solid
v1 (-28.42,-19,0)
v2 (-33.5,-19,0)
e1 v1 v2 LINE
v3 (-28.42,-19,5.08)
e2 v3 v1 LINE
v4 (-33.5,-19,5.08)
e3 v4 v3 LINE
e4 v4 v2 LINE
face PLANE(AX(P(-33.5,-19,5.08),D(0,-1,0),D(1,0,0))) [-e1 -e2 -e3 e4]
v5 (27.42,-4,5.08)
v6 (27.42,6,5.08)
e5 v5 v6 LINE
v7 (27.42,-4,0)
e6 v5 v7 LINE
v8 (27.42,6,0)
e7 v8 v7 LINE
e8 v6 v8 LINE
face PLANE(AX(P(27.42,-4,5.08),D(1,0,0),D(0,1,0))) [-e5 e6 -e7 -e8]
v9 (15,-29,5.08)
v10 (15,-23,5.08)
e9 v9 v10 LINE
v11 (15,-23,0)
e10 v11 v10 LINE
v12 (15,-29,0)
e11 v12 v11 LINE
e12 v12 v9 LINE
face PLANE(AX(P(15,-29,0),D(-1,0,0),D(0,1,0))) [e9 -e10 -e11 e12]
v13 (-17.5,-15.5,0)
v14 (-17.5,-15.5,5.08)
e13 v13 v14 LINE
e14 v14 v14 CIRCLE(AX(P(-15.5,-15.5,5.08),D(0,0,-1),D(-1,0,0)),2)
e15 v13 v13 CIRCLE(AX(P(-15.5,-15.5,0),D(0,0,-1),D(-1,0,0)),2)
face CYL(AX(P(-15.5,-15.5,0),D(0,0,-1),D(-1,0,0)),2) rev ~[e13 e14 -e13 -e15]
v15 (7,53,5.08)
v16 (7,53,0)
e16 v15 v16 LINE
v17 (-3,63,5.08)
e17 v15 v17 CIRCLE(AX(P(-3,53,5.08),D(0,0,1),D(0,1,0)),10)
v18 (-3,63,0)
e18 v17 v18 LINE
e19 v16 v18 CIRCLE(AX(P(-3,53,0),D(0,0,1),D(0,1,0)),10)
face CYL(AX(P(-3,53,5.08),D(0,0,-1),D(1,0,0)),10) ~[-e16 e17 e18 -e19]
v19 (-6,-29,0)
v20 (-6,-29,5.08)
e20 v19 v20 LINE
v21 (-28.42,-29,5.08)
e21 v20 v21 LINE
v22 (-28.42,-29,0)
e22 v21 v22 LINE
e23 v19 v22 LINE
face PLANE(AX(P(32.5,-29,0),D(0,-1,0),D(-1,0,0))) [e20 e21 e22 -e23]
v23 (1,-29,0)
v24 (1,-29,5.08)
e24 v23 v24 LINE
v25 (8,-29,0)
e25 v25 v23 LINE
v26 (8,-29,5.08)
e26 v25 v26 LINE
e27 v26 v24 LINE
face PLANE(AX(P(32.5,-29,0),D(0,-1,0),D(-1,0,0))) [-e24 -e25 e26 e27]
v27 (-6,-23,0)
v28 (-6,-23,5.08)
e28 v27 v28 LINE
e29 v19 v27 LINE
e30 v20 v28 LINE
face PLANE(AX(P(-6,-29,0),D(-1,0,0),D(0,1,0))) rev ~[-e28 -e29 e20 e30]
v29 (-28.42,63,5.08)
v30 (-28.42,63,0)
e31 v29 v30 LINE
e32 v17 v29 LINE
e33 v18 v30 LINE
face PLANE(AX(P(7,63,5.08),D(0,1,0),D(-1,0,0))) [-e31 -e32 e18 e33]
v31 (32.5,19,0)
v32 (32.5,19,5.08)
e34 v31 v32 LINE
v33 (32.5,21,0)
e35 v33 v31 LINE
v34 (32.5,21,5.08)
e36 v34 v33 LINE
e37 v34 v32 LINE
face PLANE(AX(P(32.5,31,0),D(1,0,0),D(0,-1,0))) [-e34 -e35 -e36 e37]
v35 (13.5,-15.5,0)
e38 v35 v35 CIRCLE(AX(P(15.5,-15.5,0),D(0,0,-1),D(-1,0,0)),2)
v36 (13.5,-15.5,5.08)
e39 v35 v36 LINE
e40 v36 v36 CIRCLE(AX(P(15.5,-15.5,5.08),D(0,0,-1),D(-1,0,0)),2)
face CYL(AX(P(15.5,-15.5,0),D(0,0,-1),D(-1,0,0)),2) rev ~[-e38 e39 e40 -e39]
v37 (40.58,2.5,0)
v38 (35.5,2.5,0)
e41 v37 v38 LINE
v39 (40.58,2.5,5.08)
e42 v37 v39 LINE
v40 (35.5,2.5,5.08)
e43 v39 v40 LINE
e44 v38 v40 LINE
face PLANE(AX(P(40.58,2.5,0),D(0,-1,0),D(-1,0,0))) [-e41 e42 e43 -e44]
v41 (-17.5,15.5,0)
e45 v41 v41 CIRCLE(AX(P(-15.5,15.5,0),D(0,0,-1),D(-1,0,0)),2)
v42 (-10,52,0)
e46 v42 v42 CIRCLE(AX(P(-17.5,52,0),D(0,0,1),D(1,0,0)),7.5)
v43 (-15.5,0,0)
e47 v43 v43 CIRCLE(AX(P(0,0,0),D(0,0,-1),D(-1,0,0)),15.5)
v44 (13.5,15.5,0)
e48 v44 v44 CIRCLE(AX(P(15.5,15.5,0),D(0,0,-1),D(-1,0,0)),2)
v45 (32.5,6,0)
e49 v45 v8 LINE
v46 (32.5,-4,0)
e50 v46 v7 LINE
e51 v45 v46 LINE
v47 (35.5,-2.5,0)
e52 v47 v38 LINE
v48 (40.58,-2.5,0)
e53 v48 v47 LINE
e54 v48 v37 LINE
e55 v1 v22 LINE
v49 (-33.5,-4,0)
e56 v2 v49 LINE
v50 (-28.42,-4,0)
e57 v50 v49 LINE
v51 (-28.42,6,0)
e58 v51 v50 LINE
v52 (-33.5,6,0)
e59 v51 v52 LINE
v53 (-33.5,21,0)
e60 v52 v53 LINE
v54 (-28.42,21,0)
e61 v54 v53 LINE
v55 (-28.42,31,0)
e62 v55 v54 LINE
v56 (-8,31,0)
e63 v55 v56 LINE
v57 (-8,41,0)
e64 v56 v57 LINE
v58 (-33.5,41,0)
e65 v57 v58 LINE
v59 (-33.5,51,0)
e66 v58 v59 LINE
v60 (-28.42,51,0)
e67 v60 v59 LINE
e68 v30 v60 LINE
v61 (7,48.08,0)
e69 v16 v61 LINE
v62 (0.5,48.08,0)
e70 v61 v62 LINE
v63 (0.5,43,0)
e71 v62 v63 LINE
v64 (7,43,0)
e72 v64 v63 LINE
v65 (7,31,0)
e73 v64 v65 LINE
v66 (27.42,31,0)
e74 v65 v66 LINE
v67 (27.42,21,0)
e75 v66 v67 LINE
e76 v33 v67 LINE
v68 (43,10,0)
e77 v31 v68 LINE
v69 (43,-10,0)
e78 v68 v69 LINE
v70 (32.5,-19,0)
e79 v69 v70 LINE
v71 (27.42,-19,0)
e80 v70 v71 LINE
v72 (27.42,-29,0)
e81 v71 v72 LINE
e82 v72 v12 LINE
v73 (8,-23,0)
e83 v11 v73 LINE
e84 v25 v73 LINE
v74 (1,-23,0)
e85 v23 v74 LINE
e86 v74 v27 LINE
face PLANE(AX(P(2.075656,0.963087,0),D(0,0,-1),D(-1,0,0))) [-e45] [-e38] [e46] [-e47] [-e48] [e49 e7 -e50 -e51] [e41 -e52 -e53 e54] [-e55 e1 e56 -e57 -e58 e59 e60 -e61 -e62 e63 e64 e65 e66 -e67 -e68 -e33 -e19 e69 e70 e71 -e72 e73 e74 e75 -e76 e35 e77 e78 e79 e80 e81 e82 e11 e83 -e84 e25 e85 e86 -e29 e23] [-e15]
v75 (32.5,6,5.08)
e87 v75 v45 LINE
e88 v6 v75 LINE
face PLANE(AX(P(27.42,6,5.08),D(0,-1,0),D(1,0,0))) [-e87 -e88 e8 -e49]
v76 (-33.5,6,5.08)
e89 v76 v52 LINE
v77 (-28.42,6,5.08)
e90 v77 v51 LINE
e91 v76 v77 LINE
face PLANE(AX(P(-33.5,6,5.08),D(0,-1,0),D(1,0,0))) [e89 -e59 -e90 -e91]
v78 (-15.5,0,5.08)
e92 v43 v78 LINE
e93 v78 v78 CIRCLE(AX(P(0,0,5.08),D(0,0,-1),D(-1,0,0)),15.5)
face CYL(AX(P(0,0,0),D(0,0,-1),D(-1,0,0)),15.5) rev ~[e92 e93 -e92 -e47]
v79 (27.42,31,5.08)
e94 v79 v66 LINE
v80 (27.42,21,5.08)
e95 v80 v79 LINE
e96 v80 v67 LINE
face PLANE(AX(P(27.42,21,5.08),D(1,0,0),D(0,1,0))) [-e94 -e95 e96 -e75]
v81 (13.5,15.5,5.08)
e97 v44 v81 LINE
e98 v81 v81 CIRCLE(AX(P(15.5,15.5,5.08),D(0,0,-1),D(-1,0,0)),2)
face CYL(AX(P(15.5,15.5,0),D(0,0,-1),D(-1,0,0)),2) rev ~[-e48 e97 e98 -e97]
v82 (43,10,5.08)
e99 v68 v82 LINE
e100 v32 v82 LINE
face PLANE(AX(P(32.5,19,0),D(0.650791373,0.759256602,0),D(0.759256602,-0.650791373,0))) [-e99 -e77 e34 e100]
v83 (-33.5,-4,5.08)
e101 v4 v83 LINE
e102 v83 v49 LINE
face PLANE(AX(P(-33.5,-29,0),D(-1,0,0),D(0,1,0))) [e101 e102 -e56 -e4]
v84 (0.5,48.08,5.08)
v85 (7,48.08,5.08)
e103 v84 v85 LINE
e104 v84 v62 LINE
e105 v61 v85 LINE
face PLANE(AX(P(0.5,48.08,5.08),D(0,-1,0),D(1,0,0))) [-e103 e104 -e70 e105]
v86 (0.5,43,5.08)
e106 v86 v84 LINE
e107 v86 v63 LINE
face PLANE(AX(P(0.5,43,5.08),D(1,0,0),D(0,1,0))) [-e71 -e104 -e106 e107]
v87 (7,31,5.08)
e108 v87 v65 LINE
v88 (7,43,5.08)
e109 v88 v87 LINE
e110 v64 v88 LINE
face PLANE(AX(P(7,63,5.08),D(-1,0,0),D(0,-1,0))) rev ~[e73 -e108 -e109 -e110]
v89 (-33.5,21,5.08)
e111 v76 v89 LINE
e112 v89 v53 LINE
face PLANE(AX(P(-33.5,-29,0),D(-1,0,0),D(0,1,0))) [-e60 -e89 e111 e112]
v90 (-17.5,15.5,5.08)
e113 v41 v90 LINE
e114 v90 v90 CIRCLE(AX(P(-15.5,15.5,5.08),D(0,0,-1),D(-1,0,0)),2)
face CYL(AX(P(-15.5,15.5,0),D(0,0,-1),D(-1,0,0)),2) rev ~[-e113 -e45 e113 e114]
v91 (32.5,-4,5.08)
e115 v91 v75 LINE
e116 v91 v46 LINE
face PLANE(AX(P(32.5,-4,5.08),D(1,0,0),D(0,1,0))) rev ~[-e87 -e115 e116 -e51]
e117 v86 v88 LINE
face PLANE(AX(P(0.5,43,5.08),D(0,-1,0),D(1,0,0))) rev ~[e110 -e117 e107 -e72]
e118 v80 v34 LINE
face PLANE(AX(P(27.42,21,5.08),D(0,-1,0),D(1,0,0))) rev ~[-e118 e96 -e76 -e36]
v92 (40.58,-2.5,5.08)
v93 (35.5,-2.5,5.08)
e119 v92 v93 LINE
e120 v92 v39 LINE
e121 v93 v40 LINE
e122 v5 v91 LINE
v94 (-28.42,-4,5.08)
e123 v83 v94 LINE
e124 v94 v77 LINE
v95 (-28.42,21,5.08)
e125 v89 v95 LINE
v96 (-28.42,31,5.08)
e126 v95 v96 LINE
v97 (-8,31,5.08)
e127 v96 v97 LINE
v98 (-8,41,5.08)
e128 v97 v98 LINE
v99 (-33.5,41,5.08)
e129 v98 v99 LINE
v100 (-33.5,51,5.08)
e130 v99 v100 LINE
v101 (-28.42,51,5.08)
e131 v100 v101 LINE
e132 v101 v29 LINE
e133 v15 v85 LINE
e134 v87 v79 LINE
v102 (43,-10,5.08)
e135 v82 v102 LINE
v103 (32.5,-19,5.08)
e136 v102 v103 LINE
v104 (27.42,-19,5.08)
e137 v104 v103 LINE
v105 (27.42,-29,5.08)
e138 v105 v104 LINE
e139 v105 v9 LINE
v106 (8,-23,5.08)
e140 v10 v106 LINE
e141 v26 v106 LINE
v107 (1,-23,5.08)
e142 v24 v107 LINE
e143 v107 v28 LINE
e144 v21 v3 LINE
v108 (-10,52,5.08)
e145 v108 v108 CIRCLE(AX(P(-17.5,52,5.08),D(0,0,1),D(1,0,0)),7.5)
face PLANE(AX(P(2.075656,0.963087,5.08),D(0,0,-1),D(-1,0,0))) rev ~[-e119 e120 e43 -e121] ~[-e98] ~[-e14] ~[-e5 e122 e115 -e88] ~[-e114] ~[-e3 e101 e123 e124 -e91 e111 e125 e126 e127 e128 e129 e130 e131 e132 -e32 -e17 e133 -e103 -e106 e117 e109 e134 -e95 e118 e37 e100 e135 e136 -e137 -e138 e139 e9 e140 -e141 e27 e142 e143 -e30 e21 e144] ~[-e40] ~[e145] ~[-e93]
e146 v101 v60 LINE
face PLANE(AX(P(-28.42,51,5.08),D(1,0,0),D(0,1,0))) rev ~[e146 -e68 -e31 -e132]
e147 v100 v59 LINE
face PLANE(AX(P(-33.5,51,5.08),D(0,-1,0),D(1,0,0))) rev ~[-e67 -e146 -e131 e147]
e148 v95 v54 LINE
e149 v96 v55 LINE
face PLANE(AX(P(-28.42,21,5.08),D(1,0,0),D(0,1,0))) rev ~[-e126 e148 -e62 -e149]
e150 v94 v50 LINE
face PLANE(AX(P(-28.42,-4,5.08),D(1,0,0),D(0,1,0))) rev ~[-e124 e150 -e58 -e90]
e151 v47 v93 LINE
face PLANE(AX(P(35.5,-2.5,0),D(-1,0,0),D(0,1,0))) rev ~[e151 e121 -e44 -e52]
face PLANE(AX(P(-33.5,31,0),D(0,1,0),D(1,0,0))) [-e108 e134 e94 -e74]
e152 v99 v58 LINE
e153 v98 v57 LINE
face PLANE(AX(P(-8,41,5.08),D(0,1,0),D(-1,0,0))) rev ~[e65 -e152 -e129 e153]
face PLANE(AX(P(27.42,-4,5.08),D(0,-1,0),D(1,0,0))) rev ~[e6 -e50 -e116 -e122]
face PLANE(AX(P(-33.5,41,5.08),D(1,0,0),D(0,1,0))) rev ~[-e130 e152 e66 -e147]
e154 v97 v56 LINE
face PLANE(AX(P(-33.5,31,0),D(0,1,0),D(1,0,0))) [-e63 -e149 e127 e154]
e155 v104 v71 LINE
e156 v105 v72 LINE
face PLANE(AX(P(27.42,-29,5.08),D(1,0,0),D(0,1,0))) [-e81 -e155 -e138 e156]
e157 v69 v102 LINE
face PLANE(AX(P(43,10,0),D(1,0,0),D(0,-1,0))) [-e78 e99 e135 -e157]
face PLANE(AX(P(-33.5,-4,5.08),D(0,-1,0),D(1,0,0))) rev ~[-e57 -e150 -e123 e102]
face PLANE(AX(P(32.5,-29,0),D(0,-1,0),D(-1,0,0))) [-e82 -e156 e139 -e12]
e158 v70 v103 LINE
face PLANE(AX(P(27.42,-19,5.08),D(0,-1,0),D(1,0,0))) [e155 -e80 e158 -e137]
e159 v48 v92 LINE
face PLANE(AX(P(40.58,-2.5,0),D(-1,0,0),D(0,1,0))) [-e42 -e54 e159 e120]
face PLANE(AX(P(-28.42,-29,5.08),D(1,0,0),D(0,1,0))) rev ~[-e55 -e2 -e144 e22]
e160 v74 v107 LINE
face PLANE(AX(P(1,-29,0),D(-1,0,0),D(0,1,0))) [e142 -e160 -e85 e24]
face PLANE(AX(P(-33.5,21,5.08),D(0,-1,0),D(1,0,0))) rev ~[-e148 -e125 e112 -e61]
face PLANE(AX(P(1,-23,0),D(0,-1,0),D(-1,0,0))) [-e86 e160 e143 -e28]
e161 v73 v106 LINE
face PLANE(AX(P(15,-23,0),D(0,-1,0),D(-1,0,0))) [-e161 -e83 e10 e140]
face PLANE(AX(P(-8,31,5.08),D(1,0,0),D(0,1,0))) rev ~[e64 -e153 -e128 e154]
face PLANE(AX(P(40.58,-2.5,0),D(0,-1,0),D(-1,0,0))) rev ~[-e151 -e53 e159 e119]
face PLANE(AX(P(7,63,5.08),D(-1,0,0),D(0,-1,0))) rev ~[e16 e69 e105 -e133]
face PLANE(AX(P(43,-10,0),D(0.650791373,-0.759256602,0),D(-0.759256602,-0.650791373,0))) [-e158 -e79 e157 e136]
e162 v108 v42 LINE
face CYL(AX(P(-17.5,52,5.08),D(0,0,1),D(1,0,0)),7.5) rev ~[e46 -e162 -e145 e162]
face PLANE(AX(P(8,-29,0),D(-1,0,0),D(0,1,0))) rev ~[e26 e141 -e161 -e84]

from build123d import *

# Parameters (mm, degrees)
BOSS_EXTRUDE1_DEPTH = 5.08
SKETCH2_R           = 15.5
SKETCH2_R_2         = 2
SKETCH2_W           = 7
SKETCH2_H           = 6
SKETCH2_W_2         = 5.08
SKETCH2_H_2         = 5
CUT_EXTRUDE1_DEPTH  = 6.08
SKETCH4_W           = 5.08
SKETCH4_H           = 10
CUT_EXTRUDE2_DEPTH  = 6.08
SKETCH5_R           = 7.5
BOSS_EXTRUDE2_DEPTH = 5.08
SKETCH6_W           = 5.08
SKETCH6_H           = 12
SKETCH6_W_2         = 8
SKETCH6_H_2         = 5.08
CUT_EXTRUDE3_DEPTH  = 6.08
FILLET1_R           = 10


with BuildPart() as part:
    # Sketch1 → Boss-Extrude1 (new body)
    with BuildSketch(Plane.XY):
        Polygon((32.5, 19), (43, 10), (43, -10), (32.5, -19), (32.5, -29), (-33.5, -29), (-33.5, 31), (32.5, 31), align=None)
    extrude(amount=BOSS_EXTRUDE1_DEPTH)

    # Sketch2 → Cut-Extrude1 (cut, through all)
    with BuildSketch(Plane(origin=(0, 0, 0), x_dir=(-1, 0, 0), z_dir=(0, 0, -1))):
        Circle(SKETCH2_R)
        with Locations((15.5, -15.5)):
            Circle(SKETCH2_R_2)
        with Locations((-15.5, -15.5)):
            Circle(SKETCH2_R_2)
        with Locations((-15.5, 15.5)):
            Circle(SKETCH2_R_2)
        with Locations((15.5, 15.5)):
            Circle(SKETCH2_R_2)
        with Locations((-11.5, -26)):
            Rectangle(SKETCH2_W, SKETCH2_H)
        with Locations((2.5, -26)):
            Rectangle(SKETCH2_W, SKETCH2_H)
        with Locations((-38.04, 0)):
            Rectangle(SKETCH2_W_2, SKETCH2_H_2)
    extrude(amount=-CUT_EXTRUDE1_DEPTH, mode=Mode.SUBTRACT)

    # Sketch4 → Cut-Extrude2 (cut, through all)
    with BuildSketch(Plane.XY.offset(5.08)):
        with Locations((29.96, 1)):
            Rectangle(SKETCH4_W, SKETCH4_H)
        with Locations((29.96, -24)):
            Rectangle(SKETCH4_W, SKETCH4_H)
        with Locations((29.96, 26)):
            Rectangle(SKETCH4_W, SKETCH4_H)
        with Locations((-30.96, -24)):
            Rectangle(SKETCH4_W, SKETCH4_H)
        with Locations((-30.96, 1)):
            Rectangle(SKETCH4_W, SKETCH4_H)
        with Locations((-30.96, 26)):
            Rectangle(SKETCH4_W, SKETCH4_H)
    extrude(amount=-CUT_EXTRUDE2_DEPTH, mode=Mode.SUBTRACT)

    # Sketch5 → Boss-Extrude2 (add)
    with BuildSketch(Plane.XY.offset(5.08)):
        Polygon((-8, 63), (7, 63), (7, 31), (-8, 31), (-8, 41), (-33.5, 41), (-33.5, 63), align=None)
        with Locations((-17.5, 52)):
            Circle(SKETCH5_R, mode=Mode.SUBTRACT)
    extrude(amount=-BOSS_EXTRUDE2_DEPTH)

    # Sketch6 → Cut-Extrude3 (cut, through all)
    with BuildSketch(Plane.XY.offset(5.08)):
        with Locations((-30.96, 57)):
            Rectangle(SKETCH6_W, SKETCH6_H)
        with Locations((4.5, 45.54)):
            Rectangle(SKETCH6_W_2, SKETCH6_H_2)
    extrude(amount=-CUT_EXTRUDE3_DEPTH, mode=Mode.SUBTRACT)

    # Fillet1
    fillet1_edges = [part.edges().sort_by_distance(p)[0] for p in [
        (7, 63, 2.54),
    ]]
    fillet(fillet1_edges, radius=FILLET1_R)


solid = part.part
